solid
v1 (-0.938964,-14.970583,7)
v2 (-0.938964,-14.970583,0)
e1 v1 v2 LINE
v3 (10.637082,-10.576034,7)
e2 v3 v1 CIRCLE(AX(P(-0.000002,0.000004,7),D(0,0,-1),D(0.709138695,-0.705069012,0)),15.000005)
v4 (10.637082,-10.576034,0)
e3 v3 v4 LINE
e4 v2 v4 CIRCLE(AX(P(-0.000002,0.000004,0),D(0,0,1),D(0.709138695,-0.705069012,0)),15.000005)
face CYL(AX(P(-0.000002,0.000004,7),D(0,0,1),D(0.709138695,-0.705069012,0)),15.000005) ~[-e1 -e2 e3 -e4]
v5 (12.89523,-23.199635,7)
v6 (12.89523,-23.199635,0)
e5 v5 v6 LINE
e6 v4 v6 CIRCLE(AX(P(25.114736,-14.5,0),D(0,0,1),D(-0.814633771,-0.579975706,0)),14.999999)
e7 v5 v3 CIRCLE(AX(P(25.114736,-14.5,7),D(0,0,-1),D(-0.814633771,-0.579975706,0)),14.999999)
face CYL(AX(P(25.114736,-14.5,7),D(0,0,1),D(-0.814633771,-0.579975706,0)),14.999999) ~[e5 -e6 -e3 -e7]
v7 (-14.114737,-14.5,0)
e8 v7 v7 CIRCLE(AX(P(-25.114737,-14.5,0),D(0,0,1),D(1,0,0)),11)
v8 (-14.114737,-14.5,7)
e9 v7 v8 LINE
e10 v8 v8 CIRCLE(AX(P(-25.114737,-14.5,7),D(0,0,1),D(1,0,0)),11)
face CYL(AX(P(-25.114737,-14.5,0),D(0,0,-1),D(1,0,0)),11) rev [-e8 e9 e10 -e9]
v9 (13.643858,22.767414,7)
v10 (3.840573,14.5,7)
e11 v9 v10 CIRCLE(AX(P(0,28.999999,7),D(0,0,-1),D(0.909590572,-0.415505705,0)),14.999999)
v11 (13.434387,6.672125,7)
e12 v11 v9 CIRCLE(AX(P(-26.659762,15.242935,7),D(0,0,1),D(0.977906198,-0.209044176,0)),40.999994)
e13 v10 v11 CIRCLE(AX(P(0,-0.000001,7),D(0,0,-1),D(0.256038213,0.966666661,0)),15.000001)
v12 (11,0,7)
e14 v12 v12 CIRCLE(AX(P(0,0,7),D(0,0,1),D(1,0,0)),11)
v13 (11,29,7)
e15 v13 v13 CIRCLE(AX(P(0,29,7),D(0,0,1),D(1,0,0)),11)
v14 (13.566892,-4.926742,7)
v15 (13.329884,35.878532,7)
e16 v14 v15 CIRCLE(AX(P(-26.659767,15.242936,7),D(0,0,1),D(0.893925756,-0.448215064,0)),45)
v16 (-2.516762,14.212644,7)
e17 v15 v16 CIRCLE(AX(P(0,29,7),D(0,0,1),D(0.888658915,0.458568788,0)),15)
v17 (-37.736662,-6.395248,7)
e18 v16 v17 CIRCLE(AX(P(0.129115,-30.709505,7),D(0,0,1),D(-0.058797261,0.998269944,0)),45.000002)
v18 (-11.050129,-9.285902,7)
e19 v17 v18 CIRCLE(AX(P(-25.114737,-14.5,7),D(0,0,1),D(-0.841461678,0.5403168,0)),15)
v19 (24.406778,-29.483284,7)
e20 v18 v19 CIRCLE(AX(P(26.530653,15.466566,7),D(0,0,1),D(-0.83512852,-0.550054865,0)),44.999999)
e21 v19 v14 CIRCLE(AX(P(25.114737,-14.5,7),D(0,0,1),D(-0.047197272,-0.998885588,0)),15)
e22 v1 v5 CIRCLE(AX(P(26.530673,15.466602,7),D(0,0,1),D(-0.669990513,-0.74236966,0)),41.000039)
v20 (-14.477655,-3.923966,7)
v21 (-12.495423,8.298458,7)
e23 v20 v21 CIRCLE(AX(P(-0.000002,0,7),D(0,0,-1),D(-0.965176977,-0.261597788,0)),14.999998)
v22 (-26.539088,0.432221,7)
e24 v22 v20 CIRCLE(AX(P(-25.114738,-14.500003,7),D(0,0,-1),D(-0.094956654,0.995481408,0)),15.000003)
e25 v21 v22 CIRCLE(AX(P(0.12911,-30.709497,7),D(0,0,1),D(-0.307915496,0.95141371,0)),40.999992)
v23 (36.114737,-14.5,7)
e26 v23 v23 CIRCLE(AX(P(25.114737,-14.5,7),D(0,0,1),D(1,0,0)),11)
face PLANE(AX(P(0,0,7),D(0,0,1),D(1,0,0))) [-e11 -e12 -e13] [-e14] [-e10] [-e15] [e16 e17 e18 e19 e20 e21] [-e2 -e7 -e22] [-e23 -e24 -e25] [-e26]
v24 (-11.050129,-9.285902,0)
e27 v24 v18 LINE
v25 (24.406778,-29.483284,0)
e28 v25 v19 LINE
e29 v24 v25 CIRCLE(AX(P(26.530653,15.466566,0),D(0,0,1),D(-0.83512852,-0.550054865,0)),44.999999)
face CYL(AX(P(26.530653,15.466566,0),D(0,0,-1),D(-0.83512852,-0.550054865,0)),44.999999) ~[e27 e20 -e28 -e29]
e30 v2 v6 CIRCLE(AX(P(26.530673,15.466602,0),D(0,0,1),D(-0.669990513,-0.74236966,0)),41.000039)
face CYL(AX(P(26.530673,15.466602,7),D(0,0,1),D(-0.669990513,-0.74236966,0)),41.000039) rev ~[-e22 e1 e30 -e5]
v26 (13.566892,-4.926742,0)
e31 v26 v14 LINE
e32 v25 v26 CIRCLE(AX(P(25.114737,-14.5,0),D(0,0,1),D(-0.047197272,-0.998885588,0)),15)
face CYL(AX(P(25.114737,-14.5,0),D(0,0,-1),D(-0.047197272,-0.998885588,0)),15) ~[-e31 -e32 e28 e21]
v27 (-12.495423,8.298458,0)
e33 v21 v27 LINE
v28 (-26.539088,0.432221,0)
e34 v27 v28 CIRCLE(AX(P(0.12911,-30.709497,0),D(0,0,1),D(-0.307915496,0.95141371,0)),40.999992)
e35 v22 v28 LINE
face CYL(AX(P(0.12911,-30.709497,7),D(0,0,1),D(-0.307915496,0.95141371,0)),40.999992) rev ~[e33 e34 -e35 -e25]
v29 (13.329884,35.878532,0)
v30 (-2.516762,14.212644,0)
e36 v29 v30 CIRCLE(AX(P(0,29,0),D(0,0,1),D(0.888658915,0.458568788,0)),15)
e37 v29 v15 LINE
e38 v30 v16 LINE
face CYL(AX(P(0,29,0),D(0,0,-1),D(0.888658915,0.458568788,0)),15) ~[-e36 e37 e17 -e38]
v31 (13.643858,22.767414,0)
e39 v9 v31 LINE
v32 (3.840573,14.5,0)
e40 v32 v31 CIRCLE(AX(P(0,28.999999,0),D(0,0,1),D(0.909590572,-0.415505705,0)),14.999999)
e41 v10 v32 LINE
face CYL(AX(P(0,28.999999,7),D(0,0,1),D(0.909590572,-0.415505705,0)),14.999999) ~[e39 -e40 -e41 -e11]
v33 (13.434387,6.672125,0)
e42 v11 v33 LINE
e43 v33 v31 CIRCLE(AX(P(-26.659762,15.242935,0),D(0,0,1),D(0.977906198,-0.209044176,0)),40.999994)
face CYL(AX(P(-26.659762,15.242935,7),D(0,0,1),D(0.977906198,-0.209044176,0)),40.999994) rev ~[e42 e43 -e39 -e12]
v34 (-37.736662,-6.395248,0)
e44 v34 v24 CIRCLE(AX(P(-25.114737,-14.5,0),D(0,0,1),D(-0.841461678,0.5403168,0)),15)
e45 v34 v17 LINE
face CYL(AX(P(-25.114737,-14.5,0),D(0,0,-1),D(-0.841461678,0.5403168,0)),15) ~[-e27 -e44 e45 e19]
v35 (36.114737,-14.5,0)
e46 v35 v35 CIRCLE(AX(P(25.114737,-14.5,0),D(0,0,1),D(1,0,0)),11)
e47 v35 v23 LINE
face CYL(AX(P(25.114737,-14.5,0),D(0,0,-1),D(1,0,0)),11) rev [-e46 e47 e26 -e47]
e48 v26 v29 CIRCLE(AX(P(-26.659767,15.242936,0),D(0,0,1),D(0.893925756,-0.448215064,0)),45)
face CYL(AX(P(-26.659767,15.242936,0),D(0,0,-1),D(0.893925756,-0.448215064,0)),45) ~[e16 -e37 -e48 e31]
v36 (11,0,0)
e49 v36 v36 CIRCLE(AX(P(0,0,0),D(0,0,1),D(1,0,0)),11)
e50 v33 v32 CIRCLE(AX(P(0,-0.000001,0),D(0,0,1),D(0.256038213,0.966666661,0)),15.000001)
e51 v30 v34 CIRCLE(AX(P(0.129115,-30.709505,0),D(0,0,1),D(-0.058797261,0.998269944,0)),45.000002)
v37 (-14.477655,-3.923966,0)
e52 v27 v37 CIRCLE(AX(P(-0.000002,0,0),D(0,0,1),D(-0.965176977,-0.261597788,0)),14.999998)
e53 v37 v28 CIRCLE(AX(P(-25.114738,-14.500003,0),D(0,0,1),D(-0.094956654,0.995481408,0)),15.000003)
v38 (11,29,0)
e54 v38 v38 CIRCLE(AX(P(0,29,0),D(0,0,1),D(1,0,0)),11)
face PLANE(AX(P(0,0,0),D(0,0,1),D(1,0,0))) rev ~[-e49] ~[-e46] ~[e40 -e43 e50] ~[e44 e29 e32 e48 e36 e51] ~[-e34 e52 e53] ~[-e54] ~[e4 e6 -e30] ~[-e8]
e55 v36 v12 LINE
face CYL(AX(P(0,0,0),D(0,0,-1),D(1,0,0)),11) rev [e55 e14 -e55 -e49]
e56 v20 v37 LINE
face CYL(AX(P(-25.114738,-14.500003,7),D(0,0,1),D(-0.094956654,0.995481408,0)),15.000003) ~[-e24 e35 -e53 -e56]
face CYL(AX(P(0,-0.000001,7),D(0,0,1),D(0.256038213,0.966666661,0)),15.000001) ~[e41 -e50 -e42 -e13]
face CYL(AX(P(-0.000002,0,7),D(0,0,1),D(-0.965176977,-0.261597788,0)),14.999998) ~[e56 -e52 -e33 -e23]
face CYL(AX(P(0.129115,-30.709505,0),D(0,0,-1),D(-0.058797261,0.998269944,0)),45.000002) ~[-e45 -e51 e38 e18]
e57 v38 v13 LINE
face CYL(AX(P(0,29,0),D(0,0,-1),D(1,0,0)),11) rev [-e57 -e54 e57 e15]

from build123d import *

# Parameters (mm, degrees)
F0_R     = 11
F1_DEPTH = 7
F3_DEPTH = 25


with BuildPart() as f1:
    # F0 (on Top) → F1 (new body)
    with BuildSketch(Plane.XY):
        with BuildLine():
            ThreePointArc((13.329884, 35.878532), (-12.10717, 37.855305), (-2.516762, 14.212644))
            ThreePointArc((-2.516762, 14.212644), (-22.596858, 8.130298), (-37.736662, -6.395248))
            ThreePointArc((-37.736662, -6.395248), (-26.73007, -29.41277), (-11.050129, -9.285902))
            ThreePointArc((-11.050129, -9.285902), (4.257384, -23.634602), (24.406778, -29.483284))
            ThreePointArc((24.406778, -29.483284), (38.837241, -8.442535), (13.566892, -4.926742))
            ThreePointArc((13.566892, -4.926742), (18.339474, 15.504304), (13.329884, 35.878532))
        make_face()
        with Locations((-25.114737, -14.5)):
            Circle(F0_R, mode=Mode.SUBTRACT)
        with Locations((25.114737, -14.5)):
            Circle(F0_R, mode=Mode.SUBTRACT)
        Circle(F0_R, mode=Mode.SUBTRACT)
        with Locations((0, 29)):
            Circle(F0_R, mode=Mode.SUBTRACT)
    extrude(amount=F1_DEPTH)

    # F2 (on face) → F3 (cut)
    with BuildSketch(Plane.XY.offset(7)):
        with BuildLine():
            ThreePointArc((13.643858, 22.767414), (9.670257, 17.53326), (3.840573, 14.5))
            ThreePointArc((3.840573, 14.5), (9.482877, 11.622179), (13.434387, 6.672125))
            ThreePointArc((13.434387, 6.672125), (14.336761, 14.709389), (13.643858, 22.767414))
        make_face()
        with BuildLine():
            ThreePointArc((-14.477655, -3.923966), (-14.806541, 2.401323), (-12.495423, 8.298458))
            ThreePointArc((-12.495423, 8.298458), (-19.907085, 5.061305), (-26.539088, 0.432221))
            ThreePointArc((-26.539088, 0.432221), (-20.019377, -0.391942), (-14.477655, -3.923966))
        make_face()
        with BuildLine():
            ThreePointArc((10.637082, -10.576034), (5.323663, -14.023502), (-0.938964, -14.970583))
            ThreePointArc((-0.938964, -14.970583), (5.570324, -19.770693), (12.89523, -23.199635))
            ThreePointArc((12.89523, -23.199635), (10.34912, -17.141318), (10.637082, -10.576034))
        make_face()
    extrude(amount=-F3_DEPTH, mode=Mode.SUBTRACT)


solid = f1.part
